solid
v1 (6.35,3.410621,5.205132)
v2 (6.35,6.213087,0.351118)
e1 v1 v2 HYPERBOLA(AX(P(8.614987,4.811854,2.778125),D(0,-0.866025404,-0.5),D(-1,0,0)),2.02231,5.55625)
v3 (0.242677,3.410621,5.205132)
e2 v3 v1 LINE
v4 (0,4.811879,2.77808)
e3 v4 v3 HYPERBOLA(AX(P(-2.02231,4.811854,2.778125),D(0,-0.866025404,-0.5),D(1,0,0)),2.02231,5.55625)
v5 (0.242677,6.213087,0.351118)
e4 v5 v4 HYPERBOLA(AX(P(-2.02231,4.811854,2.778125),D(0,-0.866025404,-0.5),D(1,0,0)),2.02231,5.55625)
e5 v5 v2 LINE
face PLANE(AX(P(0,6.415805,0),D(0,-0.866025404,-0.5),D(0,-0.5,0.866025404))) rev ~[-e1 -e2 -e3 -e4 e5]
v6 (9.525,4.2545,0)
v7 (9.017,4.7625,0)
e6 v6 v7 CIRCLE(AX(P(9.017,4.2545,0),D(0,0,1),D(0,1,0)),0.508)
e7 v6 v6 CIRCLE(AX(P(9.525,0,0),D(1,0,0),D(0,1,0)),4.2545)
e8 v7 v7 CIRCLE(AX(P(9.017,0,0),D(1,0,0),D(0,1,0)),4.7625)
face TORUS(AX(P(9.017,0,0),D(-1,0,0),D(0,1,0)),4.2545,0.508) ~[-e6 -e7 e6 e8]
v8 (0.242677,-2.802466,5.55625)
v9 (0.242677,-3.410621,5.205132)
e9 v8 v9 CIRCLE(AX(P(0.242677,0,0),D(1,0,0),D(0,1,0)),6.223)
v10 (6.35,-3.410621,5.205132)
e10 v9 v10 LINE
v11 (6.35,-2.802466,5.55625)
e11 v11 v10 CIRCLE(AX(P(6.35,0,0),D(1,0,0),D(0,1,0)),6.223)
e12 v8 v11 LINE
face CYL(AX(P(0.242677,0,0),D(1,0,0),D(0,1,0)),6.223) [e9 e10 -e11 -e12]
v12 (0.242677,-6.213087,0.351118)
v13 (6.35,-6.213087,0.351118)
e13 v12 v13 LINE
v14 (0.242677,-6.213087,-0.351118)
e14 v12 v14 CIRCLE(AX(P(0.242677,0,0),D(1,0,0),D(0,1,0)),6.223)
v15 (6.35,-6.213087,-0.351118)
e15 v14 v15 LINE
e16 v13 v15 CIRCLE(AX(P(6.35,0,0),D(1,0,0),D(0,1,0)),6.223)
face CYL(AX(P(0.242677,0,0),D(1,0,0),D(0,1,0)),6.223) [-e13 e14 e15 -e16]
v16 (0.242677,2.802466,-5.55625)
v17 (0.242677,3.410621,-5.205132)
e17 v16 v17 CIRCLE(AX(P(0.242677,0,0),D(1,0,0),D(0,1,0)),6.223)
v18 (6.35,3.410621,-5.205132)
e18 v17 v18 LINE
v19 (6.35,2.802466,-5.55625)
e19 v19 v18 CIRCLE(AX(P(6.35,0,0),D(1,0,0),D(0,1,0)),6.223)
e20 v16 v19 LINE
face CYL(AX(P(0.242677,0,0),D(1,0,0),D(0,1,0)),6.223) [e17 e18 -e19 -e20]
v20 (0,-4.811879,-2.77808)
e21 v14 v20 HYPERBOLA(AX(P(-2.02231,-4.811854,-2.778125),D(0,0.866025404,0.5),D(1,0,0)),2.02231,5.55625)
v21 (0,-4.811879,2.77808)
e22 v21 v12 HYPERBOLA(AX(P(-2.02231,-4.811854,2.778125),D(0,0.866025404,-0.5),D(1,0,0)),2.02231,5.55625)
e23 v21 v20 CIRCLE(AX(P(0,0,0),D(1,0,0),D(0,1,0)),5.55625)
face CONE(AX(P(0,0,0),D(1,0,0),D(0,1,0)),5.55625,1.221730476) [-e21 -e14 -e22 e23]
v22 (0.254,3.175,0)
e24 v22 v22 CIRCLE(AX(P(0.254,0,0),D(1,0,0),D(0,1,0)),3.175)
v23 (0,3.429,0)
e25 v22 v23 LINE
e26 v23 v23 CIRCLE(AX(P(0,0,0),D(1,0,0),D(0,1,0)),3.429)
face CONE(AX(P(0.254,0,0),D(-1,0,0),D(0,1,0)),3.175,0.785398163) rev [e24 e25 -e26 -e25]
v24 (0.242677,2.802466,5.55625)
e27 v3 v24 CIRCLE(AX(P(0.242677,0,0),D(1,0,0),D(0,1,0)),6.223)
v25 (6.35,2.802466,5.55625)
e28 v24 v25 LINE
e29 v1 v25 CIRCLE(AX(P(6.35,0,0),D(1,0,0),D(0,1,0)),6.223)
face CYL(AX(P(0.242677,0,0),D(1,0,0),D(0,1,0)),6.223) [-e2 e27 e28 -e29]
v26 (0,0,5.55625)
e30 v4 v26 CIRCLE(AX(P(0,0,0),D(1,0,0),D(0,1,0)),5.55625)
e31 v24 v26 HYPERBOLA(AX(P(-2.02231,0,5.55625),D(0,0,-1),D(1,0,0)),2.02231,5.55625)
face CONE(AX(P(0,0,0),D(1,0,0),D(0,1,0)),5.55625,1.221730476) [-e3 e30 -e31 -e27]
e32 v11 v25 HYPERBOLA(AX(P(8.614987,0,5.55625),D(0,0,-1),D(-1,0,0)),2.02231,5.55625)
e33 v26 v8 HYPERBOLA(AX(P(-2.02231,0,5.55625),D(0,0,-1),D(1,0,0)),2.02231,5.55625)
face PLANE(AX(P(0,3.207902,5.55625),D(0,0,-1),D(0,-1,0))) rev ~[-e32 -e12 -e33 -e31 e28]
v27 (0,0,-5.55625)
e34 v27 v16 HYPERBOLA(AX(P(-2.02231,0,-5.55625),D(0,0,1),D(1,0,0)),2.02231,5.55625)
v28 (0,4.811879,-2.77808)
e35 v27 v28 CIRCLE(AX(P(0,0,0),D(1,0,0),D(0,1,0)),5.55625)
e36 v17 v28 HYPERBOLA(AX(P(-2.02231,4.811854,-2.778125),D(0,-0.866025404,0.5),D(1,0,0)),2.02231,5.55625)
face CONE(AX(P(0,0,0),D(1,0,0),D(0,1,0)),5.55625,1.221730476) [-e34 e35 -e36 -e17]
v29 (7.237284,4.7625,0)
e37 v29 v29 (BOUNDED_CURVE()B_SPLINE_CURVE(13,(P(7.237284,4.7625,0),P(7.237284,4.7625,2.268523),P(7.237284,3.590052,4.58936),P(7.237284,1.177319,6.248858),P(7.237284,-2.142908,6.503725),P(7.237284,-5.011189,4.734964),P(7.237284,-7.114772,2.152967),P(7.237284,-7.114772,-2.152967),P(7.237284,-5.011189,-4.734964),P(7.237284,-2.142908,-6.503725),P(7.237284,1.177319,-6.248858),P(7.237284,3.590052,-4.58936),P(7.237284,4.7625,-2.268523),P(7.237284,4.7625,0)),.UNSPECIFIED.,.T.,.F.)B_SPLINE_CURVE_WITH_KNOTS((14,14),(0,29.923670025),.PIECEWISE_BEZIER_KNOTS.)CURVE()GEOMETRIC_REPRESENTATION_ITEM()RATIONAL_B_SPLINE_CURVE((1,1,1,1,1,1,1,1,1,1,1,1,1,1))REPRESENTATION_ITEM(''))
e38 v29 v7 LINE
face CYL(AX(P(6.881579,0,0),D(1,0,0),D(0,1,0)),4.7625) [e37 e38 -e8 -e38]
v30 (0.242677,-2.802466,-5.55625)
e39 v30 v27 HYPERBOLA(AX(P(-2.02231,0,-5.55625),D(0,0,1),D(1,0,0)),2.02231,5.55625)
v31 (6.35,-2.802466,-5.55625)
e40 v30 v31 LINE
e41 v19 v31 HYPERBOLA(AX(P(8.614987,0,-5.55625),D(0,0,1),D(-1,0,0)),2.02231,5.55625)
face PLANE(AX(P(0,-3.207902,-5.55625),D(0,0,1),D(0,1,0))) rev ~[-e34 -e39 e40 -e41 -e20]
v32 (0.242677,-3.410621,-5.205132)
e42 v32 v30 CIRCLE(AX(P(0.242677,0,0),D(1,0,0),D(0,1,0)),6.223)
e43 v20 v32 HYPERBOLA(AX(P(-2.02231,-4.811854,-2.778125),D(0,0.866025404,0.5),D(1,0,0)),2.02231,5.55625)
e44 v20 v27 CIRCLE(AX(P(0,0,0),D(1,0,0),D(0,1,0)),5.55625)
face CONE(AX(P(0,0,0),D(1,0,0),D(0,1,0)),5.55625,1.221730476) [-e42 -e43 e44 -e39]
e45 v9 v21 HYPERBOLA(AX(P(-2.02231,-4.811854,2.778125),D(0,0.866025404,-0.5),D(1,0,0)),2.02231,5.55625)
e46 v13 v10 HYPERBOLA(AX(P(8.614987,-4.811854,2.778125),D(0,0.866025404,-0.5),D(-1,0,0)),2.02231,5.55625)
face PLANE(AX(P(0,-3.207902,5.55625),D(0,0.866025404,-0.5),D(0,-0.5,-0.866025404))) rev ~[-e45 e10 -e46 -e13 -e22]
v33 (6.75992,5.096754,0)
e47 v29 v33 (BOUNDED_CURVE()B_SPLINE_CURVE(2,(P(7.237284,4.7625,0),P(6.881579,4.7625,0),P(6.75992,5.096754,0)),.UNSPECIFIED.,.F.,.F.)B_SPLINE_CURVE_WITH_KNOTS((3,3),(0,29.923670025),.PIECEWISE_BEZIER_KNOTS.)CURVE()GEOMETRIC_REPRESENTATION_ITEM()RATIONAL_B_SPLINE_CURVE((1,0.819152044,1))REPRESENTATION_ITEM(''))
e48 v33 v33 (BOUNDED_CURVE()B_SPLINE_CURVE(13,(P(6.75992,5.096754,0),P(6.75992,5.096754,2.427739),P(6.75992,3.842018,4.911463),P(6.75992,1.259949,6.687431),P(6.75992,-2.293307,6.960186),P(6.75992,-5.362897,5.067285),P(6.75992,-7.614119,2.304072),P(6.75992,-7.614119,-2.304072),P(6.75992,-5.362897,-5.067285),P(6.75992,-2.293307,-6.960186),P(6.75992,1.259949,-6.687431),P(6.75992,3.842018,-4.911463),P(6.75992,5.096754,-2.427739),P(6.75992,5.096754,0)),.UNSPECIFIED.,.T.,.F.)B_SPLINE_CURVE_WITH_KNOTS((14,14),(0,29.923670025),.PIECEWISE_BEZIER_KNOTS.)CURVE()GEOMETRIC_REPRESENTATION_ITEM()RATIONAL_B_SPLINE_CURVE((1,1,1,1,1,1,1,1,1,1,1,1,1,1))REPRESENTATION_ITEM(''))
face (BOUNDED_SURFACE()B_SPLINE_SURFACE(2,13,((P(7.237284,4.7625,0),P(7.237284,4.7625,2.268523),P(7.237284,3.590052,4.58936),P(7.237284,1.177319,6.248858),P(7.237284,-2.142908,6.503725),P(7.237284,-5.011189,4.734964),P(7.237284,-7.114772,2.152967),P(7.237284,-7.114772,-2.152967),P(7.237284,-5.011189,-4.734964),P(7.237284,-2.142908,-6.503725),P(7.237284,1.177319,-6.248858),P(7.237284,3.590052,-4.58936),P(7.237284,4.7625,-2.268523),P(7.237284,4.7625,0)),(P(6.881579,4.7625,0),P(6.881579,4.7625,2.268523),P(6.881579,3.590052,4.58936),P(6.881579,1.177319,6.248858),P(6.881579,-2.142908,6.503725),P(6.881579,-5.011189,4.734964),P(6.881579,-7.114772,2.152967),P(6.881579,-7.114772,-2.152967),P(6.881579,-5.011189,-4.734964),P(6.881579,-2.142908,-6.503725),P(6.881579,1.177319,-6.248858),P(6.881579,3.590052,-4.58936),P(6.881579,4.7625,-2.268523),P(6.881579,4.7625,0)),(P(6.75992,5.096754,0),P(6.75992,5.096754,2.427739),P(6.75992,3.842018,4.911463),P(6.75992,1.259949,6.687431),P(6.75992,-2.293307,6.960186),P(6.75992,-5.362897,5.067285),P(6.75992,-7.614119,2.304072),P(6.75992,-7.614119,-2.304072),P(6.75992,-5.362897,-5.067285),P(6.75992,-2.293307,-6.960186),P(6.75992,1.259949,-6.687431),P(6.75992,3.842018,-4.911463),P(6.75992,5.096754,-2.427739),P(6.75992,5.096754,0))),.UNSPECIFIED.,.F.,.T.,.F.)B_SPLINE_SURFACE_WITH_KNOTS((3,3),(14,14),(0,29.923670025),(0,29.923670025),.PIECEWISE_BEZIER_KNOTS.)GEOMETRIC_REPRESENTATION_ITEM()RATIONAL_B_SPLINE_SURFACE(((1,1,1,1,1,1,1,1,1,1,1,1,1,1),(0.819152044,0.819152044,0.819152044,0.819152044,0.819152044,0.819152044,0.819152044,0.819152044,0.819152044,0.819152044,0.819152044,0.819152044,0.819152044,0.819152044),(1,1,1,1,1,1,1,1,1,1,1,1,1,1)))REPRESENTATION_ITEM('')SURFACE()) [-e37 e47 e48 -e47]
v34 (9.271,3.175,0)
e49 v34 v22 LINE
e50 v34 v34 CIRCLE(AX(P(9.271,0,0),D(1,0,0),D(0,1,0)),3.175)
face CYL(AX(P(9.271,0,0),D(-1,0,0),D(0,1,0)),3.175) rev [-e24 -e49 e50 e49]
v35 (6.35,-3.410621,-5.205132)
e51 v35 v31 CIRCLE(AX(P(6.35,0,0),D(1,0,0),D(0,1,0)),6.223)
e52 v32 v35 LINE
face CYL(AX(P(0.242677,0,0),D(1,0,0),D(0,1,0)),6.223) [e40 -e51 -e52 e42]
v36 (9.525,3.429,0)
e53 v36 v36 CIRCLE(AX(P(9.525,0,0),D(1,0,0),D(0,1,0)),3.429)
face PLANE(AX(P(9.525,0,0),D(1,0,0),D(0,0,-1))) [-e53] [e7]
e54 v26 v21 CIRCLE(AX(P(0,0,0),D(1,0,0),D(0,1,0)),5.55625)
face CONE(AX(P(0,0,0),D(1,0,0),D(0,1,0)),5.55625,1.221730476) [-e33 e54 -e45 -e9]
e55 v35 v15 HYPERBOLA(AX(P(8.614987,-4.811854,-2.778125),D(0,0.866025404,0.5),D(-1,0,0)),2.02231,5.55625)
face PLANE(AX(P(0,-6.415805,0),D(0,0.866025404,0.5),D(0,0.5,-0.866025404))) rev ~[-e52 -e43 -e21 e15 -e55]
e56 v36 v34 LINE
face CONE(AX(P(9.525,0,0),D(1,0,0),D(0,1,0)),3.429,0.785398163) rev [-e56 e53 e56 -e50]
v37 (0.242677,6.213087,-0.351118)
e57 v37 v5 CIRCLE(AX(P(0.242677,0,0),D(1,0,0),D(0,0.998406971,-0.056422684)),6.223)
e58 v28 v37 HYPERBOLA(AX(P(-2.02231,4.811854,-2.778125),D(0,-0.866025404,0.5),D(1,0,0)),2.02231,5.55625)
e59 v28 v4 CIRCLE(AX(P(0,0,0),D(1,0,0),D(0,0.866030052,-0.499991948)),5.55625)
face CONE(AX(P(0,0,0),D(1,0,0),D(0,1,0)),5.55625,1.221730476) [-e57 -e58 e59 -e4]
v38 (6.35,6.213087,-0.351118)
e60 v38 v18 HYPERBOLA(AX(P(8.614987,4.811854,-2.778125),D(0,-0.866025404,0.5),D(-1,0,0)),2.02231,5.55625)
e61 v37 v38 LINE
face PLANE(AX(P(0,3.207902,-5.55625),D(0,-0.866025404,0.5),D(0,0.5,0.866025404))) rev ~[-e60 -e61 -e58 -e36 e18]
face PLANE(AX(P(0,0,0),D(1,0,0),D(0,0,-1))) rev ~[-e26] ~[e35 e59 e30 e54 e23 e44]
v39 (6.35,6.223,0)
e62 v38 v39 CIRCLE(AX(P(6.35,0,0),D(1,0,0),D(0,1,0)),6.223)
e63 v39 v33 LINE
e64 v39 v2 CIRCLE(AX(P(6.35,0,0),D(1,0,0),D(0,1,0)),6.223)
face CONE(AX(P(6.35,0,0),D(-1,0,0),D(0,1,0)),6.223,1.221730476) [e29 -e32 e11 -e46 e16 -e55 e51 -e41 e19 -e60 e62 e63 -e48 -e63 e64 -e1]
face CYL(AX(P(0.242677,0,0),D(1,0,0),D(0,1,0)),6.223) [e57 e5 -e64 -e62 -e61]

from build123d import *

# Parameters (mm, degrees)
BOSS_EXTRUDE1_DEPTH = 9.525
FILLET1_R           = 0.508


with BuildPart() as part:
    # Sketch1 → Boss-Extrude1 (new body)
    with BuildSketch(Plane(origin=(0, 0, 0), x_dir=(0, 0, -1), z_dir=(1, 0, 0))):
        Polygon((0, 6.415804866), (-5.55625, 3.207902433), (-5.55625, -3.207902433), (0, -6.415804866), (5.55625, -3.207902433), (5.55625, 3.207902433), align=None)
    extrude(amount=BOSS_EXTRUDE1_DEPTH)

    # Sketch2 → Cut-Revolve2 (revolve, cut)
    with BuildSketch(Plane.XY):
        Polygon((0, 0), (9.525, 0), (9.525, 3.429), (9.271, 3.175), (0.254, 3.175), (0, 3.429), align=None)
        Polygon((0, 5.55625), (0.242677154, 6.223), (6.35, 6.223), (6.881578527, 4.7625), (9.525, 4.7625), (9.525, 6.415804866), (0, 6.415804866), align=None)
    revolve(axis=Axis((0, 0, 0), (1, 0, 0)), mode=Mode.SUBTRACT)

    # Fillet1
    fillet1_edges = [part.edges().sort_by_distance(p)[0] for p in [
        (9.525, -4.7625, 0),
        (6.881578527, -4.7625, 0),
    ]]
    fillet(fillet1_edges, radius=FILLET1_R)


solid = part.part
